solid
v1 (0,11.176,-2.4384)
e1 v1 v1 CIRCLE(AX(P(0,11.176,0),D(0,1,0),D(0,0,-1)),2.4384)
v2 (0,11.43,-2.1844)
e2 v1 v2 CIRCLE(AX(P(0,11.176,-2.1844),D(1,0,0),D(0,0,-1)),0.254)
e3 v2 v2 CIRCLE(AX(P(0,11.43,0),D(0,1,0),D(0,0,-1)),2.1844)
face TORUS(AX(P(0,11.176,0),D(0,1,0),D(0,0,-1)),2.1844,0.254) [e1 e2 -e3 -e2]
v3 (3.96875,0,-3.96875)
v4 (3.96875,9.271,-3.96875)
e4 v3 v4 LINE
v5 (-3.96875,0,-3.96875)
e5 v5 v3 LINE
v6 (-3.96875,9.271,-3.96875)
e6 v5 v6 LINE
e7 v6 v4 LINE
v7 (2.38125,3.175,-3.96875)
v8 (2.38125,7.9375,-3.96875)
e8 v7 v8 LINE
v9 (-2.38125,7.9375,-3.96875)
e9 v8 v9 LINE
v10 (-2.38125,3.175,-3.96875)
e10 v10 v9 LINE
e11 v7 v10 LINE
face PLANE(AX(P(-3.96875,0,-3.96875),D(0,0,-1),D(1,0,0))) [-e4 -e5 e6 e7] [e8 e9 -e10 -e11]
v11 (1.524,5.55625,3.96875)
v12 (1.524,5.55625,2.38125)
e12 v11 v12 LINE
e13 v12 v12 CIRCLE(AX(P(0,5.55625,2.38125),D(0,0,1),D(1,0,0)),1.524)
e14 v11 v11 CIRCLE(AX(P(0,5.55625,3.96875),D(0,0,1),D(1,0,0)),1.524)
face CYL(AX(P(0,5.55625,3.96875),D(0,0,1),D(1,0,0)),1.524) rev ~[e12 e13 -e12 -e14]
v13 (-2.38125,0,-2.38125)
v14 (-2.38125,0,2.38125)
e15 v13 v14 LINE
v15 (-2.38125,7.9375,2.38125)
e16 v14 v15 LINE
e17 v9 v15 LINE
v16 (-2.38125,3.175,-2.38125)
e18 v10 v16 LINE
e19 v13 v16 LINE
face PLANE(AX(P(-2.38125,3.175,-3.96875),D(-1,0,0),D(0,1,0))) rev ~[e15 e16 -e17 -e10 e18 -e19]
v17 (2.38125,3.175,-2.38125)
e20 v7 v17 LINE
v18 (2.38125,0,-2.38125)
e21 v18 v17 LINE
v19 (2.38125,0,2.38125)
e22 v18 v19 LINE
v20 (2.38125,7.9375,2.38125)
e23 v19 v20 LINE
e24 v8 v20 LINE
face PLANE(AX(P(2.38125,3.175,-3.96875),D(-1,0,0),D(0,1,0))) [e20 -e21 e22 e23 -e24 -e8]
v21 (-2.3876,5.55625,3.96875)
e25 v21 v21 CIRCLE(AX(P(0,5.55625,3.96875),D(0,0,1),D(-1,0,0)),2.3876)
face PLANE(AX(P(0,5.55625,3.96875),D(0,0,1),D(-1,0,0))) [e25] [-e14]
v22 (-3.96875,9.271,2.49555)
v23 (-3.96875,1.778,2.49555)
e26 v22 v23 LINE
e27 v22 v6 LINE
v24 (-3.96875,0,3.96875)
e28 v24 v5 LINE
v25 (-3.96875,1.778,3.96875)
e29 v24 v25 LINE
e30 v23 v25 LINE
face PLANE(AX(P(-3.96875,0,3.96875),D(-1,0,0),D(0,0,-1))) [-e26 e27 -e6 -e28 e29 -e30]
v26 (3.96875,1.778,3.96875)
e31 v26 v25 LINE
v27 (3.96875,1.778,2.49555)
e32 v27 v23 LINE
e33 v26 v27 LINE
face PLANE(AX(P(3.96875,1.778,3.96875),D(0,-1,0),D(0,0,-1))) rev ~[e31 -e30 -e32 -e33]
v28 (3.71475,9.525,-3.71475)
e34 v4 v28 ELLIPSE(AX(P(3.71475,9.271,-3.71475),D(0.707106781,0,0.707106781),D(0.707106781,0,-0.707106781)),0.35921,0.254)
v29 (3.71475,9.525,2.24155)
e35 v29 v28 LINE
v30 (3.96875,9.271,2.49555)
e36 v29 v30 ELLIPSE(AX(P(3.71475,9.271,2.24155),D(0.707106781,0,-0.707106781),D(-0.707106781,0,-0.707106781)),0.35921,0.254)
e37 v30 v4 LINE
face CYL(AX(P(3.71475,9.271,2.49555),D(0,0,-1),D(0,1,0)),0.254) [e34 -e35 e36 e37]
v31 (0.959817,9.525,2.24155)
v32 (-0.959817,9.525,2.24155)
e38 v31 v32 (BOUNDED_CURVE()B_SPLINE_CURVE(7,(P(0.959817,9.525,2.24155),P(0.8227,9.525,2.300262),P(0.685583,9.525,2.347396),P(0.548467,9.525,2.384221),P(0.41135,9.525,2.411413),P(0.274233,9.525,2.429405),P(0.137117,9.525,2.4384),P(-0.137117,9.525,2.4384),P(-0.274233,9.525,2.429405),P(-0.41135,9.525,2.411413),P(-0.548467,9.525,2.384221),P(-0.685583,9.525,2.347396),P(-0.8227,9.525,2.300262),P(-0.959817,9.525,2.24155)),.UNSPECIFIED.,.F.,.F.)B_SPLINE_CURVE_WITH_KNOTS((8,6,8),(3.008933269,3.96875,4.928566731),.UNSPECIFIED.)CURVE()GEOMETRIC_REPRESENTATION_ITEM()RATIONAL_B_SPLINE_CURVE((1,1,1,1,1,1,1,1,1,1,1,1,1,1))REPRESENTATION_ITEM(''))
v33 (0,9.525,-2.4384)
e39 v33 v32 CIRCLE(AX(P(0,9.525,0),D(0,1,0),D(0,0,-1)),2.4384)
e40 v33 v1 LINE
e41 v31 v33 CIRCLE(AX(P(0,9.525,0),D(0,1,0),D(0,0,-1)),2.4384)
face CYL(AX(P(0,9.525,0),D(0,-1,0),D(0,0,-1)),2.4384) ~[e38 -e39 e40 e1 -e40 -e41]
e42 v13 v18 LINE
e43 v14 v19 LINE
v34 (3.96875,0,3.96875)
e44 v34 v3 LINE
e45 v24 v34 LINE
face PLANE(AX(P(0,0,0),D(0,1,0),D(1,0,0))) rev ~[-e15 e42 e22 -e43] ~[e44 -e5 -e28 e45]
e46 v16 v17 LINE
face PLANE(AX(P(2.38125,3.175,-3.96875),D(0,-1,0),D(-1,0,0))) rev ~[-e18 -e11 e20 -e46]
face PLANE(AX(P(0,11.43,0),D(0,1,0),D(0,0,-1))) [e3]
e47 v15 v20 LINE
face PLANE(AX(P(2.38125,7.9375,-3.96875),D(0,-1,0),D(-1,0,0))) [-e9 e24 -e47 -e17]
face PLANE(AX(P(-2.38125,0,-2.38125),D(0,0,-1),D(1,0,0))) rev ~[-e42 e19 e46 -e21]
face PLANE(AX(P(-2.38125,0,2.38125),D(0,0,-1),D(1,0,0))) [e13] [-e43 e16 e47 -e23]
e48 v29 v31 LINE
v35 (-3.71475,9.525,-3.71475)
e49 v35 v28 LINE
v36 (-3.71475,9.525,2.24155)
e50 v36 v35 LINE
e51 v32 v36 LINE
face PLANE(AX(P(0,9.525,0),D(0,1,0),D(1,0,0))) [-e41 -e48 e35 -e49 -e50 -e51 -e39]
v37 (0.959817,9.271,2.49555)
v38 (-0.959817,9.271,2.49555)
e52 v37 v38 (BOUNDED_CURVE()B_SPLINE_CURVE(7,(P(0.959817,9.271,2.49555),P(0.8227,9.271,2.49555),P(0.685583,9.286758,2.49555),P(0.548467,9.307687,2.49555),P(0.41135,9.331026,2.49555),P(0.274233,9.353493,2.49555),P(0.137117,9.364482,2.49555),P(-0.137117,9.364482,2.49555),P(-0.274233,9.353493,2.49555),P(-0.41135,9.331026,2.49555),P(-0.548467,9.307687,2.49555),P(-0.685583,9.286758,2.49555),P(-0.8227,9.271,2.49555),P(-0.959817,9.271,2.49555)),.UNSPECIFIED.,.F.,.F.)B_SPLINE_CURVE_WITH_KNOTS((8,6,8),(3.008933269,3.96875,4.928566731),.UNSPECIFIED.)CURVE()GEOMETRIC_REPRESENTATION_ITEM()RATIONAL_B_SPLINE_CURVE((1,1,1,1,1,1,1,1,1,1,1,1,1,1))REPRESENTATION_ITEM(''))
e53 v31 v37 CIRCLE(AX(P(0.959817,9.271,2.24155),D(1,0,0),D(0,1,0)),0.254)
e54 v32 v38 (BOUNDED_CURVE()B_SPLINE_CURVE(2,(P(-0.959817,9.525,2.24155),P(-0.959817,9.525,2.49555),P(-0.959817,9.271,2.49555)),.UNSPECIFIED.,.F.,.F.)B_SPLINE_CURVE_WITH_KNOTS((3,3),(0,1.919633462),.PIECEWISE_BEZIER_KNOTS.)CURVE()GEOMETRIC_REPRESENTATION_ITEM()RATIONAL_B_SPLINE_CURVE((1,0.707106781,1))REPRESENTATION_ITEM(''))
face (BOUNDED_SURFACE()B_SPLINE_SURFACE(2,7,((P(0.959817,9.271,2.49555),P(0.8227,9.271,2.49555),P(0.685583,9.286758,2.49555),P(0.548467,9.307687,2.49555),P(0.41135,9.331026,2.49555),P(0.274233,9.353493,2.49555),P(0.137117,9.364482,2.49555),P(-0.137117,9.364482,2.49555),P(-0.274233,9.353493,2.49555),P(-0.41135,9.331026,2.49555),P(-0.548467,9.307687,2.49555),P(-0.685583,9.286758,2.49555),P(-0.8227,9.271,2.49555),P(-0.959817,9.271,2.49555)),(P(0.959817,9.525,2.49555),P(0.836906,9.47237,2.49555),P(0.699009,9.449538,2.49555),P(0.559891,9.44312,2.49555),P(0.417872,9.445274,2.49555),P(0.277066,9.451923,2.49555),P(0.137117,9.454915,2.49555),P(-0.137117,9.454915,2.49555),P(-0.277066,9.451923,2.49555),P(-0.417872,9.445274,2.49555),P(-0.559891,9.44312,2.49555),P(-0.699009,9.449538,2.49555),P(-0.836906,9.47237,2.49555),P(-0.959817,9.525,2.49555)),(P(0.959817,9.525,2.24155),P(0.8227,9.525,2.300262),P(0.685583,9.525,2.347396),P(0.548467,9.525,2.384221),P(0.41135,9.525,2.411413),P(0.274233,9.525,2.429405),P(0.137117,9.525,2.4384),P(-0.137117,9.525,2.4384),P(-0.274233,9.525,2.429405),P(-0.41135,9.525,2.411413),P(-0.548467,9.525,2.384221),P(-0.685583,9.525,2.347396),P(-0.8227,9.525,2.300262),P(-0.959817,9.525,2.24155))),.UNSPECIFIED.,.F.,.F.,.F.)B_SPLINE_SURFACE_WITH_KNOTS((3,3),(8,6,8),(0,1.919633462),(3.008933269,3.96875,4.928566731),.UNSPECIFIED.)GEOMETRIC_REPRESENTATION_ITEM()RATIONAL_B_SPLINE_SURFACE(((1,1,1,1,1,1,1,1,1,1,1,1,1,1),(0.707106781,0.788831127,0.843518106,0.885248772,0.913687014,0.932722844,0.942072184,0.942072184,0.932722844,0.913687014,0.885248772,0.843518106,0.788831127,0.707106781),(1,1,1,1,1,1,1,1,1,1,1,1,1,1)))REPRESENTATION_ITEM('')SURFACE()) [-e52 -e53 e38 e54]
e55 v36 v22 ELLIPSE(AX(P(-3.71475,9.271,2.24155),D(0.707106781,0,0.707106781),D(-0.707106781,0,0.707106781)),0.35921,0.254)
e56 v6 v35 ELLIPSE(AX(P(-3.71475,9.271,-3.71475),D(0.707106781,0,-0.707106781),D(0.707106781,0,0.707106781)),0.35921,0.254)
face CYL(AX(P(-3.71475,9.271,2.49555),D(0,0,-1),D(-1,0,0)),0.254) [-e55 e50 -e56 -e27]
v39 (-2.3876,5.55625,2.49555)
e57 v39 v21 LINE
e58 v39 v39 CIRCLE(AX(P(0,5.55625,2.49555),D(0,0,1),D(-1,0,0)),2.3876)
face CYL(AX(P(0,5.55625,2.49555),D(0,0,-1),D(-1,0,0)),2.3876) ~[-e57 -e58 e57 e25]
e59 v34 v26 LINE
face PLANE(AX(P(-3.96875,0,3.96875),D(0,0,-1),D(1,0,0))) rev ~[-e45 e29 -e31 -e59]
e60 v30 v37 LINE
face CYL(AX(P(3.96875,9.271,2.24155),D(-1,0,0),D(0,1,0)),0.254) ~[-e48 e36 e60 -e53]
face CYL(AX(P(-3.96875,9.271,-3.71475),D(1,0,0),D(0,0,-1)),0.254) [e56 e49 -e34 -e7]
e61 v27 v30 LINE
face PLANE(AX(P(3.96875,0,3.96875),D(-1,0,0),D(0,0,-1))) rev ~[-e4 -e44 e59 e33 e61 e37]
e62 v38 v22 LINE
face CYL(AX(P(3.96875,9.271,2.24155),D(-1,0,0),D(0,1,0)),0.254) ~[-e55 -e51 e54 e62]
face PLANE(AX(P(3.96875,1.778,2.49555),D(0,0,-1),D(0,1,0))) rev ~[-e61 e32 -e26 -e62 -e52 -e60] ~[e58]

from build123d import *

# Parameters (mm, degrees)
SKETCH1_W           = 7.9375
SKETCH1_H           = 7.9375
BASE_EXTRUDE_DEPTH  = 9.525
SKETCH2_R           = 2.4384
BOSS_EXTRUDE1_DEPTH = 1.905
SKETCH3_W           = 1.4732
SKETCH3_H           = 7.747
CUT_EXTRUDE1_DEPTH  = 15.470652467
FILLET1_R           = 0.254
SKETCH4_W           = 4.7625
SKETCH4_H           = 4.7625
CUT_EXTRUDE2_DEPTH  = 7.9375
CUT_EXTRUDE3_REACH  = 16.471
SKETCH5_W           = 4.7625
SKETCH5_H           = 4.7625
SKETCH6_R           = 2.3876
BOSS_EXTRUDE2_DEPTH = 1.4732
CUT_EXTRUDE4_REACH  = 16.471
SKETCH7_R           = 1.524


with BuildPart() as part:
    # Sketch1 → Base-Extrude (new body)
    with BuildSketch(Plane(origin=(0, 0, 0), x_dir=(1, 0, 0), z_dir=(0, 1, 0))):
        Rectangle(SKETCH1_W, SKETCH1_H)
    extrude(amount=BASE_EXTRUDE_DEPTH)

    # Sketch2 → Boss-Extrude1 (add)
    with BuildSketch(Plane(origin=(0, 9.525, 0), x_dir=(-1, 0, 0), z_dir=(0, 1, 0))):
        with Locations(Location((0, 0, 0), (0, 0, 270))):
            Circle(SKETCH2_R)
    extrude(amount=BOSS_EXTRUDE1_DEPTH)

    # Sketch3 → Cut-Extrude1 (cut, through all)
    with BuildSketch(Plane(origin=(3.96875, 0, 0), x_dir=(0, 0, -1), z_dir=(1, 0, 0))):
        with Locations((-3.23215, 5.6515)):
            Rectangle(SKETCH3_W, SKETCH3_H)
    extrude(amount=-CUT_EXTRUDE1_DEPTH, mode=Mode.SUBTRACT)

    # Fillet1
    fillet1_edges = [part.edges().sort_by_distance(p)[0] for p in [
        (0, 9.525, -3.96875),
        (0, 11.43, 2.4384),
        (3.96875, 9.525, -0.7366),
        (0, 9.525, 2.49555),
        (-3.96875, 9.525, -0.7366),
    ]]
    fillet(fillet1_edges, radius=FILLET1_R)

    # Sketch4 → Cut-Extrude2 (cut)
    with BuildSketch(Plane.XZ):
        Rectangle(SKETCH4_W, SKETCH4_H)
    extrude(amount=-CUT_EXTRUDE2_DEPTH, mode=Mode.SUBTRACT)

    # Sketch5 → Cut-Extrude3 (cut, up to next)
    with BuildSketch(Plane(origin=(0, 0, -3.96875), x_dir=(-1, 0, 0), z_dir=(0, 0, -1)), mode=Mode.PRIVATE) as cut_extrude3_sk1:
        with Locations((0, 5.55625)):
            Rectangle(SKETCH5_W, SKETCH5_H)
    cut_extrude3_tool1 = extrude(cut_extrude3_sk1.sketch, amount=-CUT_EXTRUDE3_REACH, mode=Mode.PRIVATE) & part.part
    add(cut_extrude3_tool1.solids().sort_by_distance((0, 5.55625, -3.96875))[0], mode=Mode.SUBTRACT)

    # Sketch6 → Boss-Extrude2 (add)
    with BuildSketch(Plane.XY.offset(2.49555)):
        with Locations(Location((0, 5.55625, 0), (0, 0, 180))):
            Circle(SKETCH6_R)
    extrude(amount=BOSS_EXTRUDE2_DEPTH)

    # Sketch7 → Cut-Extrude4 (cut, up to next)
    with BuildSketch(Plane.XY.offset(3.96875), mode=Mode.PRIVATE) as cut_extrude4_sk1:
        with Locations((0, 5.55625)):
            Circle(SKETCH7_R)
    cut_extrude4_tool1 = extrude(cut_extrude4_sk1.sketch, amount=-CUT_EXTRUDE4_REACH, mode=Mode.PRIVATE) & part.part
    add(cut_extrude4_tool1.solids().sort_by_distance((0, 5.55625, 3.96875))[0], mode=Mode.SUBTRACT)


solid = part.part
